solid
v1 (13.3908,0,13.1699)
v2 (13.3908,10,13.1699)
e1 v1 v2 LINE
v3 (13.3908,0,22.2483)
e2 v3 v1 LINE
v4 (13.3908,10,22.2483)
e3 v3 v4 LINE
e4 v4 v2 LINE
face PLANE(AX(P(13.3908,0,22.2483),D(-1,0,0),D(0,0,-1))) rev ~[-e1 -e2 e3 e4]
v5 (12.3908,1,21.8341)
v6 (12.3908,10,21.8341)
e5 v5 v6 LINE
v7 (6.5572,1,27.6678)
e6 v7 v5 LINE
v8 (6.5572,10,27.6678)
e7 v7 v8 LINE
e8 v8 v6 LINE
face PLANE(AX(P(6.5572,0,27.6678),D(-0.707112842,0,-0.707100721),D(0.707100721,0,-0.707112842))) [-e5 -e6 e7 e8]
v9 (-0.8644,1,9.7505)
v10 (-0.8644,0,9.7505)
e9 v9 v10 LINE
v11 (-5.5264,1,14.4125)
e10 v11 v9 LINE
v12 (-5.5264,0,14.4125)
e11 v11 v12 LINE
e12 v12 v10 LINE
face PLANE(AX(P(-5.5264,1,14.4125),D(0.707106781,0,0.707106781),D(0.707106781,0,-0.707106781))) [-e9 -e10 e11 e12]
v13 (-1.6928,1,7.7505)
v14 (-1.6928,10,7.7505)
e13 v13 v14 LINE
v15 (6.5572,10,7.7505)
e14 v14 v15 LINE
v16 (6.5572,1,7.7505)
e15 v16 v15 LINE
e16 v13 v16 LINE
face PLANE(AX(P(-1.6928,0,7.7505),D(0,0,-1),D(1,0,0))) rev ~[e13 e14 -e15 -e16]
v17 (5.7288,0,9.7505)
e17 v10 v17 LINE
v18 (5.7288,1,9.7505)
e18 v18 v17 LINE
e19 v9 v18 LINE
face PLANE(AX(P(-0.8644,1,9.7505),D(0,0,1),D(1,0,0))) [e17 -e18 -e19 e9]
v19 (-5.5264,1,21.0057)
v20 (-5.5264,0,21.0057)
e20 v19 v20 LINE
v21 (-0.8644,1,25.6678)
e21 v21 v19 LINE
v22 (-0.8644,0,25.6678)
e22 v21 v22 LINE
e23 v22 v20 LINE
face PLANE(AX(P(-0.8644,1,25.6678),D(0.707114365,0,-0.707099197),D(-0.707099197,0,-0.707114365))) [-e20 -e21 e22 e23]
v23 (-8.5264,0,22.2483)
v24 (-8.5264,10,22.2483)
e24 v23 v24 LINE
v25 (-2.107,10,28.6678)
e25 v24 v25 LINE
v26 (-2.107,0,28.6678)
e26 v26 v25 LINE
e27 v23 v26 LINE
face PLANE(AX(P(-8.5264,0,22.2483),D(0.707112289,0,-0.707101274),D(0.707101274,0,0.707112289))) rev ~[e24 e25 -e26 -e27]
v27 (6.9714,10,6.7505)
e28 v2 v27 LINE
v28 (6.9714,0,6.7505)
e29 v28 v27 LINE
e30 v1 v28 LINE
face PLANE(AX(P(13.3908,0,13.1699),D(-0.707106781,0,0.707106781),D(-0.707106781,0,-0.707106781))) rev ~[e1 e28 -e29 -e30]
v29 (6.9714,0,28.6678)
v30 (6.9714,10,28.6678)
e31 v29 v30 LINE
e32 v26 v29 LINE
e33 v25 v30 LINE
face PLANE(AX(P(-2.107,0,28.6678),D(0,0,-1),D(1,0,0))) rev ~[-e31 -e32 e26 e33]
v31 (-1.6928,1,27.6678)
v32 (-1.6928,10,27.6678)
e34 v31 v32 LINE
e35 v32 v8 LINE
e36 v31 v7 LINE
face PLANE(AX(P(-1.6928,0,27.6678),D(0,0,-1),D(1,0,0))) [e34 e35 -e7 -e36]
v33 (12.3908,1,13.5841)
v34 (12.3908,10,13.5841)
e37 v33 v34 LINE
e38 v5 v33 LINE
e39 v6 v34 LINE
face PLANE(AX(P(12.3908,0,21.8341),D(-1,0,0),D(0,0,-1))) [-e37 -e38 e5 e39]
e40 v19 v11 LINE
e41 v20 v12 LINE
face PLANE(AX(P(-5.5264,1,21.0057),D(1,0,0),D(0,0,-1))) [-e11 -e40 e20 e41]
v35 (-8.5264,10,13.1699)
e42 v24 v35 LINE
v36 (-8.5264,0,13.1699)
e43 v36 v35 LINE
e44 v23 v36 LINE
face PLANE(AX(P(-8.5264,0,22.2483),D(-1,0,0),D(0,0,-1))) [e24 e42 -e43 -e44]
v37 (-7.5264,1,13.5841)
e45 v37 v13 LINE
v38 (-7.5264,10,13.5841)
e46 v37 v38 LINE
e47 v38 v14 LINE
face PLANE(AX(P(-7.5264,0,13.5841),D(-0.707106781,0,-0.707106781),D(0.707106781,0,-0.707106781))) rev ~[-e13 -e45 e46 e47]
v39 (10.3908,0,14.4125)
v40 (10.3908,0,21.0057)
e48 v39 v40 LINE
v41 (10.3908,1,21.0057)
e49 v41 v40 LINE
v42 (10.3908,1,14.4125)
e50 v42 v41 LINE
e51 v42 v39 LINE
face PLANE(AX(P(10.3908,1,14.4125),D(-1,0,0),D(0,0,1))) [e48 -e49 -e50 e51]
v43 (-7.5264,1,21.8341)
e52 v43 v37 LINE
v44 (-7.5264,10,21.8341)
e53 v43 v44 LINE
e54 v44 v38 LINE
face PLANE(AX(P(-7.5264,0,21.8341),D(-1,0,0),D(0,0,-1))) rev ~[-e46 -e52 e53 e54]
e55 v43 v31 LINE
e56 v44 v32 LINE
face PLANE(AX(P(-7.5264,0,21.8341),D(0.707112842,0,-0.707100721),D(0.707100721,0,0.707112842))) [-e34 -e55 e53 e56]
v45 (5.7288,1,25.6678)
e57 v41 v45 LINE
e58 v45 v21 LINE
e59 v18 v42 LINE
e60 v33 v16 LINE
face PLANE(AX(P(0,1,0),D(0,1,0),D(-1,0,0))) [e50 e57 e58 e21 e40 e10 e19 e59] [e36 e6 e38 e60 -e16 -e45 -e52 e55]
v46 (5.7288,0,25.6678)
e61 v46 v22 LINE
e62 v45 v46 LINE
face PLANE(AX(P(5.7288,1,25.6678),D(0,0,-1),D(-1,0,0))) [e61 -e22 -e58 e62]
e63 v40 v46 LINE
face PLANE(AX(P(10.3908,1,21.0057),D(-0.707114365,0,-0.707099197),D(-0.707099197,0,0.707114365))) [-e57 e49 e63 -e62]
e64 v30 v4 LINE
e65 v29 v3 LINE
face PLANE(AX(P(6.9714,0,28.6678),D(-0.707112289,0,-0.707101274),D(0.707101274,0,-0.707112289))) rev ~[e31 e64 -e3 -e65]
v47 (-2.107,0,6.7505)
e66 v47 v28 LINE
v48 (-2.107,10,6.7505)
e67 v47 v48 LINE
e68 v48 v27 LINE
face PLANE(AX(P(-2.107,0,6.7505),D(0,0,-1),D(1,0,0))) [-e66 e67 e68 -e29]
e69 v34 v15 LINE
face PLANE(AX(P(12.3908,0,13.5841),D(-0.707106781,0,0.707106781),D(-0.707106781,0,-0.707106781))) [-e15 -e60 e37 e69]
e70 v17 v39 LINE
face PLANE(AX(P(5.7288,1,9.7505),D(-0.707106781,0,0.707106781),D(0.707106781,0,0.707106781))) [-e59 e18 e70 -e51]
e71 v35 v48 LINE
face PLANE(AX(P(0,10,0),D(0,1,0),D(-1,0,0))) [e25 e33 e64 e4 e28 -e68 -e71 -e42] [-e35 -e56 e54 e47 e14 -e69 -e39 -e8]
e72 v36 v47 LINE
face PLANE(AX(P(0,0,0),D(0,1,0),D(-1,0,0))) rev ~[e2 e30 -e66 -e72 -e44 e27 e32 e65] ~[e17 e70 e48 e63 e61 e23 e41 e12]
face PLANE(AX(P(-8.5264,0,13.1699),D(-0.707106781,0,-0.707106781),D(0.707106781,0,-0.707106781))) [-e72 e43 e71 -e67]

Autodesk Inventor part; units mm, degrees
ref_plane "YZ Plane" through (0, 0, 0) normal (1, 0, 0) x (0, 1, 0)
ref_plane "XZ Plane" through (0, 0, 0) normal (0, 1, 0) x (-1, 0, 0)
ref_plane "XY Plane" through (0, 0, 0) normal (0, 0, 1) x (1, 0, 0)
sketch "Sketch1" plane through (0, 0, 0) normal (0, 1, 0) x (-1, 0, 0)
  line L0 (7.5264, 21.8341) -> (7.5264, 13.5841)
  line L1 (7.5264, 13.5841) -> (1.6928, 7.7505)
  line L2 (1.6928, 7.7505) -> (-6.5572, 7.7505)
  line L3 (7.5264, 21.8341) -> (1.6928, 27.6678)
  line L4 (1.6928, 27.6678) -> (-6.5572, 27.6678)
  line L5 (-6.5572, 27.6678) -> (-12.3908, 21.8341)
  line L6 (-12.3908, 21.8341) -> (-12.3908, 13.5841)
  line L7 (-12.3908, 13.5841) -> (-6.5572, 7.7505)
  line L8 (8.5264, 22.2483) -> (8.5264, 13.1699)
  line L9 (8.5264, 13.1699) -> (2.107, 6.7505)
  line L10 (2.107, 6.7505) -> (-6.9714, 6.7505)
  line L11 (8.5264, 22.2483) -> (2.107, 28.6678)
  line L12 (2.107, 28.6678) -> (-6.9714, 28.6678)
  line L13 (-6.9714, 28.6678) -> (-13.3908, 22.2483)
  line L14 (-13.3908, 22.2483) -> (-13.3908, 13.1699)
  line L15 (-13.3908, 13.1699) -> (-6.9714, 6.7505)
  point P0 (0, 0)
  point P1 (1, 1)
  dimension "d0" = 8.25
  dimension "d3" = 8.25
  dimension "d5" = 8.25
  dimension "d7" = 8.25
  dimension "d8" = 8.25
  dimension "d9" = 8.25
  dimension "d12" = 8.25
  dimension "d17" = 8.25
  dimension "d29" = 1
  dimension "d31" = 1
  dimension "d32" = 1
  dimension "d33" = 1
  dimension "d101" = 135
  dimension "d102" = 135
  dimension "d115" = 135
  dimension "d116" = 135
  dimension "d135" = 1
  dimension "d138" = 1
  dimension "d139" = 135
  dimension "d140" = 135
  dimension "d141" = 135
  dimension "d142" = 135
  dimension "d143" = 1
  dimension "d144" = 1
  dimension "d145" = 135
  dimension "d146" = 135
  dimension "d147" = 135
  dimension "d148" = 135
  dimension "d149" = 135
  dimension "d150" = 135
  dimension "d151" = 135
  dimension "d152" = 135
extrude "OutsideHeight" add sketch "Sketch1" along normal blind 10
extrude "BaseHeight" add sketch "Sketch1" along normal blind 1 contours L0 L1 L2 L7 L6 L5 L4 L3
sketch "Sketch5" plane through (0, 1, 0) normal (0, 1, 0) x (1, 0, 0)
  line L0 (-1.6928, -27.6678) -> (-7.5264, -21.8341) projected
  line L1 (-7.5264, -13.5841) -> (-1.6928, -7.7505) projected
  line L2 (-7.5264, -21.8341) -> (-7.5264, -13.5841)
  line L3 (-7.5264, -13.5841) -> (-1.6928, -7.7505)
  line L4 (-1.6928, -7.7505) -> (6.5572, -7.7505) projected
  line L5 (-1.6928, -7.7505) -> (6.5572, -7.7505)
  line L6 (6.5572, -7.7505) -> (12.3908, -13.5841)
  line L7 (12.3908, -13.5841) -> (12.7122, -18.5063)
  line L8 (12.3908, -13.5841) -> (12.3908, -21.8341) projected
  line L9 (12.3908, -13.5841) -> (12.3908, -21.8341)
  line L10 (12.3908, -21.8341) -> (6.5572, -27.6678)
  line L11 (6.5572, -27.6678) -> (-1.6928, -27.6678)
  line L12 (-1.6928, -27.6678) -> (-7.5264, -21.8341)
  line L13 (-5.5264, -21.0057) -> (-5.5264, -14.4125)
  line L14 (-5.5264, -14.4125) -> (-0.8644, -9.7505)
  line L15 (-0.8644, -9.7505) -> (5.7288, -9.7505)
  line L16 (5.7288, -9.7505) -> (10.3908, -14.4125)
  line L17 (10.3908, -14.4125) -> (10.3908, -21.0057)
  line L18 (10.3908, -21.0057) -> (5.7288, -25.6678)
  line L19 (5.7288, -25.6678) -> (-0.8644, -25.6678)
  line L20 (-0.8644, -25.6678) -> (-5.5264, -21.0057)
  point P0 (0, 0)
  point P1 (-1.6932, -27.6674)
  dimension "d94" = 135
  dimension "d95" = 135
  dimension "d125" = 135
  dimension "d126" = 135
  dimension "d127" = 135
  dimension "d128" = 135
  dimension "d129" = 135
  dimension "d130" = 135
  dimension "d131" = 2
extrude "BaseCut" cut sketch "Sketch5" against normal blind 1 contours L13 L14 L15 L16 L17 L18 L19 L20
equation "\"d3\" = d0"
equation "\"d5\" = d0"
equation "\"d7\" = d0"
equation "\"d8\" = d0"
equation "\"d9\" = d0"
equation "\"d12\" = d0"
equation "\"d17\" = d0"
equation "\"d115\" = d110"
equation "\"d57\" = d72"
equation "\"d66\" = d57"
equation "\"d110\" = 135deg"
equation "\"d72\" = 2"
properties part number "_3DPrint"
